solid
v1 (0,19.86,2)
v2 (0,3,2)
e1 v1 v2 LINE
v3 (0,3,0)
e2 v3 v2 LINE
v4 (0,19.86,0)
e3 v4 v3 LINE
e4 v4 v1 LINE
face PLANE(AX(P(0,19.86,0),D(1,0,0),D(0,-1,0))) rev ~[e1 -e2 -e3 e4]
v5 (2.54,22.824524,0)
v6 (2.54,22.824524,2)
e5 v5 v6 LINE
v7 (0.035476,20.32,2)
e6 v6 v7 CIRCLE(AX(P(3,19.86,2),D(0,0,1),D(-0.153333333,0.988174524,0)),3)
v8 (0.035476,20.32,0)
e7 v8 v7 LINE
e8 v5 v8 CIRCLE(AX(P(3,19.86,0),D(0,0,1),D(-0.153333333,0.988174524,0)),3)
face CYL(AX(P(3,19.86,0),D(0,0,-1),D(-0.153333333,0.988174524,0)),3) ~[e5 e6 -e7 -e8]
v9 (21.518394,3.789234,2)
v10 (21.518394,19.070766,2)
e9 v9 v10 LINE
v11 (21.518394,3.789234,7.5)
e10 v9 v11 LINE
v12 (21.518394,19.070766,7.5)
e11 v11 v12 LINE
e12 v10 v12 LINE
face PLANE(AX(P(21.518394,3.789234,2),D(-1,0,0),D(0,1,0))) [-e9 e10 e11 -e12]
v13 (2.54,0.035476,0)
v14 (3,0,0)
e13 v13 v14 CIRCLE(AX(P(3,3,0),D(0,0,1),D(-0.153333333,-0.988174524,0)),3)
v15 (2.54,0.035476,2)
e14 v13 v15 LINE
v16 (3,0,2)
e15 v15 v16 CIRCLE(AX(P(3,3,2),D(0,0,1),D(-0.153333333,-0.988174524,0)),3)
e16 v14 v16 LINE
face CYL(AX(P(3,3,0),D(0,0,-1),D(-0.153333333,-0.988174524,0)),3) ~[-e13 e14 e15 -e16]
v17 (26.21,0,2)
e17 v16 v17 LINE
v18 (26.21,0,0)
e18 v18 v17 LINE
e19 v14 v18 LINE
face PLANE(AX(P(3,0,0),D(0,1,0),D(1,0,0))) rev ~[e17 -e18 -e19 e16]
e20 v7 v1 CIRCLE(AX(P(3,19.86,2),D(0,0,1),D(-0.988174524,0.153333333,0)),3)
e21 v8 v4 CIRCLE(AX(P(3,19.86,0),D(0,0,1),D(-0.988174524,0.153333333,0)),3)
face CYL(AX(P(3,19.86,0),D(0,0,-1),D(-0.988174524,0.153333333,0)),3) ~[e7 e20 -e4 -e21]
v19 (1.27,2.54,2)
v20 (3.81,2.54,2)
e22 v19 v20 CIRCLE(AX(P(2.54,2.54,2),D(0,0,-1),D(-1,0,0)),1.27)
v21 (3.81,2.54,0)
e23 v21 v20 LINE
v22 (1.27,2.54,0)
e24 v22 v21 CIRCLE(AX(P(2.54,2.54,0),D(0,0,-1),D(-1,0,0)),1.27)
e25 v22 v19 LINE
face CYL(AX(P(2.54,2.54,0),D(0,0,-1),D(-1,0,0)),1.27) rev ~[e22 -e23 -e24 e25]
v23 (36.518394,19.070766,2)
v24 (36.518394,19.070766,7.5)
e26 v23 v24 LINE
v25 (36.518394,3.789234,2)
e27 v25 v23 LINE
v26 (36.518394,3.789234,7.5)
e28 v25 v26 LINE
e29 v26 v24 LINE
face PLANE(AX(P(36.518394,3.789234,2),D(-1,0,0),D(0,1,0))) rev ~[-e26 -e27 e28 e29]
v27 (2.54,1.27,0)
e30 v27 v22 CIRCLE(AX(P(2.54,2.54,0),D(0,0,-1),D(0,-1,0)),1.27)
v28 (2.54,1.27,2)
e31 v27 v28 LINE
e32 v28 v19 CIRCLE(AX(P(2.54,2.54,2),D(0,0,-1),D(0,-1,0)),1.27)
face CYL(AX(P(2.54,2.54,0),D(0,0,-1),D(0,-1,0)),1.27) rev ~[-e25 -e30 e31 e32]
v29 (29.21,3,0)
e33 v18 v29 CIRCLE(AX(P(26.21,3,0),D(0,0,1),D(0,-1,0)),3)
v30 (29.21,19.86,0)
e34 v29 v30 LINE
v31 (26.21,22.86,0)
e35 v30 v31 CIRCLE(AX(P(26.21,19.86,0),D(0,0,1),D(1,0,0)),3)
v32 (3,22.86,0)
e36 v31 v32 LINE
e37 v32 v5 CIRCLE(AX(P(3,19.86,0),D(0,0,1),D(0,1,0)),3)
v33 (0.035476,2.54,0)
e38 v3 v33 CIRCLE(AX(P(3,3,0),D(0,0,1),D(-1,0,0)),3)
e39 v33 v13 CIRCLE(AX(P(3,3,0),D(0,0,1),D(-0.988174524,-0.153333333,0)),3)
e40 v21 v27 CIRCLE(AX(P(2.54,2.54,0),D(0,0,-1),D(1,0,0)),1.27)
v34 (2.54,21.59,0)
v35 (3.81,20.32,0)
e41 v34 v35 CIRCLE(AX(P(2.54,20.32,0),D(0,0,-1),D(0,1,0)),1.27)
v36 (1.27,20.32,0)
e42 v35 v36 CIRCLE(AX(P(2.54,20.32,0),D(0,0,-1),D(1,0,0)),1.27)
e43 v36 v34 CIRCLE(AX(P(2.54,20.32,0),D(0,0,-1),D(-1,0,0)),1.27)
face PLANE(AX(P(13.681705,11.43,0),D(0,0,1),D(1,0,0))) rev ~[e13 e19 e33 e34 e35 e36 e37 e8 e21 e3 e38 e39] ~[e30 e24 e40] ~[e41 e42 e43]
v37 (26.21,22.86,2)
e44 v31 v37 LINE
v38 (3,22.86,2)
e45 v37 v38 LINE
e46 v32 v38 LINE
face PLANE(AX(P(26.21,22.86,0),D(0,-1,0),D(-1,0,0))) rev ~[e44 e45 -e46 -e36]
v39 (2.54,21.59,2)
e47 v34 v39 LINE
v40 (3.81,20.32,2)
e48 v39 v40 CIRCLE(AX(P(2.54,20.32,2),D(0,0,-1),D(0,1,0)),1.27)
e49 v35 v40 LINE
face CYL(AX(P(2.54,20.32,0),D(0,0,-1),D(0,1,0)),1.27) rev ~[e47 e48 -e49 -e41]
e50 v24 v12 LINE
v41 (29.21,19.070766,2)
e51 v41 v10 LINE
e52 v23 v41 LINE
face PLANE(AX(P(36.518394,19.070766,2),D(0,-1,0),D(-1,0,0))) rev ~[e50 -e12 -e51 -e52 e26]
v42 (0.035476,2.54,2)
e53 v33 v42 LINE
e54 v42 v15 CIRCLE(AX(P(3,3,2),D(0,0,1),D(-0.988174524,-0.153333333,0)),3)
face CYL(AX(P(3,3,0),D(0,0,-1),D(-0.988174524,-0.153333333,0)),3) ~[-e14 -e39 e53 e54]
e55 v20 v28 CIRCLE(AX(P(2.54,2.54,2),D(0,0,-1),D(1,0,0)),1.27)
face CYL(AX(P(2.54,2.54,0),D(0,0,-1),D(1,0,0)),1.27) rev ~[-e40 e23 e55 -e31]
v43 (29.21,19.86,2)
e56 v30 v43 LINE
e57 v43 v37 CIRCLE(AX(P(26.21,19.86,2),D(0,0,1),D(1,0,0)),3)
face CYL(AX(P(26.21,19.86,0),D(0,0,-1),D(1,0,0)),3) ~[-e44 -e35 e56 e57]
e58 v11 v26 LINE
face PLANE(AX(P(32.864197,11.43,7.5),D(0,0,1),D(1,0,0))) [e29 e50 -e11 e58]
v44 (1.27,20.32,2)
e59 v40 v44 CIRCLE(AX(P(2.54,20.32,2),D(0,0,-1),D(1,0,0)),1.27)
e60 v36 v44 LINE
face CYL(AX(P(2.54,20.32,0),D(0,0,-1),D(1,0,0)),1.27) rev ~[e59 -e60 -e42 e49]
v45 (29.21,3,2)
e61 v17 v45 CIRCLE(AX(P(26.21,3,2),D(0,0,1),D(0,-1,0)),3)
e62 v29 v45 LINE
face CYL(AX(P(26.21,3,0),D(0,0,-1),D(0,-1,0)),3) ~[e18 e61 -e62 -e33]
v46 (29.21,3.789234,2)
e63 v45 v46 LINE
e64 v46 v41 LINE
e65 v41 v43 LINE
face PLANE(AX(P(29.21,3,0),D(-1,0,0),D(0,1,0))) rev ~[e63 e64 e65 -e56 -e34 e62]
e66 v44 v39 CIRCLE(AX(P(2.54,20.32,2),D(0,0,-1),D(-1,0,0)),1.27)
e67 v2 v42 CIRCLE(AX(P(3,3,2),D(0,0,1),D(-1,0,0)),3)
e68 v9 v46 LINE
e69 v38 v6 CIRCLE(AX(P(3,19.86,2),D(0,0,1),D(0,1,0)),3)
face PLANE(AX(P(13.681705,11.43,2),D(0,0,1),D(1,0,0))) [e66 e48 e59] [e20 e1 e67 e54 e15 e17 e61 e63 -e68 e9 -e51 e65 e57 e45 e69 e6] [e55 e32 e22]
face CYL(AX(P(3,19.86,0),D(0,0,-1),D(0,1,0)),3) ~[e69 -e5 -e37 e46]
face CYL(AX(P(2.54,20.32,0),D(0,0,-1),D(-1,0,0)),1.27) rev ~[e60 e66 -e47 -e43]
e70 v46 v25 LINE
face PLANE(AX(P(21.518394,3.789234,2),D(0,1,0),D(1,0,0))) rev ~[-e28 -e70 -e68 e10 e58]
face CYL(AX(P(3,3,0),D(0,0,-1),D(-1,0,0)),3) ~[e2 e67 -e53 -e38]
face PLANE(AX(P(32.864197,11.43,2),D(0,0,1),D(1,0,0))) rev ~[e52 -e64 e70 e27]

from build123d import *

# Parameters (mm, degrees)
F1_DEPTH = 2
F3_W     = 7.308394351
F3_H     = 15.2815315841
F3_W_2   = 7.691605649
F4_DEPTH = 5.5


with BuildPart() as f1:
    # F0 (on Top) → F1 (new body)
    with BuildSketch(Plane.XY):
        with BuildLine():
            ThreePointArc((2.54, 0.0354764295), (2.7693170048, 0.0088822565), (3, 0))
            Line((3, 0), (26.21, 0))
            ThreePointArc((26.21, 0), (28.3313203436, 0.8786796564), (29.21, 3))
            Line((29.21, 3), (29.21, 19.86))
            ThreePointArc((29.21, 19.86), (28.3313203436, 21.9813203436), (26.21, 22.86))
            Line((26.21, 22.86), (3, 22.86))
            ThreePointArc((3, 22.86), (2.7693170048, 22.8511177435), (2.54, 22.8245235705))
            Line((2.54, 22.8245235705), (2.54, 21.59))
            ThreePointArc((2.54, 21.59), (3.4380256121, 21.2180256121), (3.81, 20.32))
            ThreePointArc((3.81, 20.32), (2.54, 19.05), (1.27, 20.32))
            Line((1.27, 20.32), (0.0354764295, 20.32))
            ThreePointArc((0.0354764295, 20.32), (0.0088822565, 20.0906829952), (0, 19.86))
            Line((0, 19.86), (0, 3))
            ThreePointArc((0, 3), (0.0088822565, 2.7693170048), (0.0354764295, 2.54))
            Line((0.0354764295, 2.54), (1.27, 2.54))
            ThreePointArc((1.27, 2.54), (2.54, 3.81), (3.81, 2.54))
            ThreePointArc((3.81, 2.54), (3.4380256121, 1.6419743879), (2.54, 1.27))
            Line((2.54, 1.27), (2.54, 0.0354764295))
        make_face()
        with BuildLine():
            ThreePointArc((2.54, 22.8245235705), (0.8786796564, 21.9813203436), (0.0354764295, 20.32))
            Line((0.0354764295, 20.32), (1.27, 20.32))
            ThreePointArc((1.27, 20.32), (1.6419743879, 21.2180256121), (2.54, 21.59))
            Line((2.54, 21.59), (2.54, 22.8245235705))
        make_face()
        with BuildLine():
            ThreePointArc((0.0354764295, 2.54), (0.8786796564, 0.8786796564), (2.54, 0.0354764295))
            Line((2.54, 0.0354764295), (2.54, 1.27))
            ThreePointArc((2.54, 1.27), (1.6419743879, 1.6419743879), (1.27, 2.54))
            Line((1.27, 2.54), (0.0354764295, 2.54))
        make_face()
    extrude(amount=F1_DEPTH)

    # F3 (on face) → F4 (join)
    with BuildSketch(Plane.XY.offset(2)):
        with Locations((32.8641971755, 11.43)):
            Rectangle(F3_W, F3_H)
        with Locations((25.3641971755, 11.43)):
            Rectangle(F3_W_2, F3_H)
    extrude(amount=F4_DEPTH)


solid = f1.part
